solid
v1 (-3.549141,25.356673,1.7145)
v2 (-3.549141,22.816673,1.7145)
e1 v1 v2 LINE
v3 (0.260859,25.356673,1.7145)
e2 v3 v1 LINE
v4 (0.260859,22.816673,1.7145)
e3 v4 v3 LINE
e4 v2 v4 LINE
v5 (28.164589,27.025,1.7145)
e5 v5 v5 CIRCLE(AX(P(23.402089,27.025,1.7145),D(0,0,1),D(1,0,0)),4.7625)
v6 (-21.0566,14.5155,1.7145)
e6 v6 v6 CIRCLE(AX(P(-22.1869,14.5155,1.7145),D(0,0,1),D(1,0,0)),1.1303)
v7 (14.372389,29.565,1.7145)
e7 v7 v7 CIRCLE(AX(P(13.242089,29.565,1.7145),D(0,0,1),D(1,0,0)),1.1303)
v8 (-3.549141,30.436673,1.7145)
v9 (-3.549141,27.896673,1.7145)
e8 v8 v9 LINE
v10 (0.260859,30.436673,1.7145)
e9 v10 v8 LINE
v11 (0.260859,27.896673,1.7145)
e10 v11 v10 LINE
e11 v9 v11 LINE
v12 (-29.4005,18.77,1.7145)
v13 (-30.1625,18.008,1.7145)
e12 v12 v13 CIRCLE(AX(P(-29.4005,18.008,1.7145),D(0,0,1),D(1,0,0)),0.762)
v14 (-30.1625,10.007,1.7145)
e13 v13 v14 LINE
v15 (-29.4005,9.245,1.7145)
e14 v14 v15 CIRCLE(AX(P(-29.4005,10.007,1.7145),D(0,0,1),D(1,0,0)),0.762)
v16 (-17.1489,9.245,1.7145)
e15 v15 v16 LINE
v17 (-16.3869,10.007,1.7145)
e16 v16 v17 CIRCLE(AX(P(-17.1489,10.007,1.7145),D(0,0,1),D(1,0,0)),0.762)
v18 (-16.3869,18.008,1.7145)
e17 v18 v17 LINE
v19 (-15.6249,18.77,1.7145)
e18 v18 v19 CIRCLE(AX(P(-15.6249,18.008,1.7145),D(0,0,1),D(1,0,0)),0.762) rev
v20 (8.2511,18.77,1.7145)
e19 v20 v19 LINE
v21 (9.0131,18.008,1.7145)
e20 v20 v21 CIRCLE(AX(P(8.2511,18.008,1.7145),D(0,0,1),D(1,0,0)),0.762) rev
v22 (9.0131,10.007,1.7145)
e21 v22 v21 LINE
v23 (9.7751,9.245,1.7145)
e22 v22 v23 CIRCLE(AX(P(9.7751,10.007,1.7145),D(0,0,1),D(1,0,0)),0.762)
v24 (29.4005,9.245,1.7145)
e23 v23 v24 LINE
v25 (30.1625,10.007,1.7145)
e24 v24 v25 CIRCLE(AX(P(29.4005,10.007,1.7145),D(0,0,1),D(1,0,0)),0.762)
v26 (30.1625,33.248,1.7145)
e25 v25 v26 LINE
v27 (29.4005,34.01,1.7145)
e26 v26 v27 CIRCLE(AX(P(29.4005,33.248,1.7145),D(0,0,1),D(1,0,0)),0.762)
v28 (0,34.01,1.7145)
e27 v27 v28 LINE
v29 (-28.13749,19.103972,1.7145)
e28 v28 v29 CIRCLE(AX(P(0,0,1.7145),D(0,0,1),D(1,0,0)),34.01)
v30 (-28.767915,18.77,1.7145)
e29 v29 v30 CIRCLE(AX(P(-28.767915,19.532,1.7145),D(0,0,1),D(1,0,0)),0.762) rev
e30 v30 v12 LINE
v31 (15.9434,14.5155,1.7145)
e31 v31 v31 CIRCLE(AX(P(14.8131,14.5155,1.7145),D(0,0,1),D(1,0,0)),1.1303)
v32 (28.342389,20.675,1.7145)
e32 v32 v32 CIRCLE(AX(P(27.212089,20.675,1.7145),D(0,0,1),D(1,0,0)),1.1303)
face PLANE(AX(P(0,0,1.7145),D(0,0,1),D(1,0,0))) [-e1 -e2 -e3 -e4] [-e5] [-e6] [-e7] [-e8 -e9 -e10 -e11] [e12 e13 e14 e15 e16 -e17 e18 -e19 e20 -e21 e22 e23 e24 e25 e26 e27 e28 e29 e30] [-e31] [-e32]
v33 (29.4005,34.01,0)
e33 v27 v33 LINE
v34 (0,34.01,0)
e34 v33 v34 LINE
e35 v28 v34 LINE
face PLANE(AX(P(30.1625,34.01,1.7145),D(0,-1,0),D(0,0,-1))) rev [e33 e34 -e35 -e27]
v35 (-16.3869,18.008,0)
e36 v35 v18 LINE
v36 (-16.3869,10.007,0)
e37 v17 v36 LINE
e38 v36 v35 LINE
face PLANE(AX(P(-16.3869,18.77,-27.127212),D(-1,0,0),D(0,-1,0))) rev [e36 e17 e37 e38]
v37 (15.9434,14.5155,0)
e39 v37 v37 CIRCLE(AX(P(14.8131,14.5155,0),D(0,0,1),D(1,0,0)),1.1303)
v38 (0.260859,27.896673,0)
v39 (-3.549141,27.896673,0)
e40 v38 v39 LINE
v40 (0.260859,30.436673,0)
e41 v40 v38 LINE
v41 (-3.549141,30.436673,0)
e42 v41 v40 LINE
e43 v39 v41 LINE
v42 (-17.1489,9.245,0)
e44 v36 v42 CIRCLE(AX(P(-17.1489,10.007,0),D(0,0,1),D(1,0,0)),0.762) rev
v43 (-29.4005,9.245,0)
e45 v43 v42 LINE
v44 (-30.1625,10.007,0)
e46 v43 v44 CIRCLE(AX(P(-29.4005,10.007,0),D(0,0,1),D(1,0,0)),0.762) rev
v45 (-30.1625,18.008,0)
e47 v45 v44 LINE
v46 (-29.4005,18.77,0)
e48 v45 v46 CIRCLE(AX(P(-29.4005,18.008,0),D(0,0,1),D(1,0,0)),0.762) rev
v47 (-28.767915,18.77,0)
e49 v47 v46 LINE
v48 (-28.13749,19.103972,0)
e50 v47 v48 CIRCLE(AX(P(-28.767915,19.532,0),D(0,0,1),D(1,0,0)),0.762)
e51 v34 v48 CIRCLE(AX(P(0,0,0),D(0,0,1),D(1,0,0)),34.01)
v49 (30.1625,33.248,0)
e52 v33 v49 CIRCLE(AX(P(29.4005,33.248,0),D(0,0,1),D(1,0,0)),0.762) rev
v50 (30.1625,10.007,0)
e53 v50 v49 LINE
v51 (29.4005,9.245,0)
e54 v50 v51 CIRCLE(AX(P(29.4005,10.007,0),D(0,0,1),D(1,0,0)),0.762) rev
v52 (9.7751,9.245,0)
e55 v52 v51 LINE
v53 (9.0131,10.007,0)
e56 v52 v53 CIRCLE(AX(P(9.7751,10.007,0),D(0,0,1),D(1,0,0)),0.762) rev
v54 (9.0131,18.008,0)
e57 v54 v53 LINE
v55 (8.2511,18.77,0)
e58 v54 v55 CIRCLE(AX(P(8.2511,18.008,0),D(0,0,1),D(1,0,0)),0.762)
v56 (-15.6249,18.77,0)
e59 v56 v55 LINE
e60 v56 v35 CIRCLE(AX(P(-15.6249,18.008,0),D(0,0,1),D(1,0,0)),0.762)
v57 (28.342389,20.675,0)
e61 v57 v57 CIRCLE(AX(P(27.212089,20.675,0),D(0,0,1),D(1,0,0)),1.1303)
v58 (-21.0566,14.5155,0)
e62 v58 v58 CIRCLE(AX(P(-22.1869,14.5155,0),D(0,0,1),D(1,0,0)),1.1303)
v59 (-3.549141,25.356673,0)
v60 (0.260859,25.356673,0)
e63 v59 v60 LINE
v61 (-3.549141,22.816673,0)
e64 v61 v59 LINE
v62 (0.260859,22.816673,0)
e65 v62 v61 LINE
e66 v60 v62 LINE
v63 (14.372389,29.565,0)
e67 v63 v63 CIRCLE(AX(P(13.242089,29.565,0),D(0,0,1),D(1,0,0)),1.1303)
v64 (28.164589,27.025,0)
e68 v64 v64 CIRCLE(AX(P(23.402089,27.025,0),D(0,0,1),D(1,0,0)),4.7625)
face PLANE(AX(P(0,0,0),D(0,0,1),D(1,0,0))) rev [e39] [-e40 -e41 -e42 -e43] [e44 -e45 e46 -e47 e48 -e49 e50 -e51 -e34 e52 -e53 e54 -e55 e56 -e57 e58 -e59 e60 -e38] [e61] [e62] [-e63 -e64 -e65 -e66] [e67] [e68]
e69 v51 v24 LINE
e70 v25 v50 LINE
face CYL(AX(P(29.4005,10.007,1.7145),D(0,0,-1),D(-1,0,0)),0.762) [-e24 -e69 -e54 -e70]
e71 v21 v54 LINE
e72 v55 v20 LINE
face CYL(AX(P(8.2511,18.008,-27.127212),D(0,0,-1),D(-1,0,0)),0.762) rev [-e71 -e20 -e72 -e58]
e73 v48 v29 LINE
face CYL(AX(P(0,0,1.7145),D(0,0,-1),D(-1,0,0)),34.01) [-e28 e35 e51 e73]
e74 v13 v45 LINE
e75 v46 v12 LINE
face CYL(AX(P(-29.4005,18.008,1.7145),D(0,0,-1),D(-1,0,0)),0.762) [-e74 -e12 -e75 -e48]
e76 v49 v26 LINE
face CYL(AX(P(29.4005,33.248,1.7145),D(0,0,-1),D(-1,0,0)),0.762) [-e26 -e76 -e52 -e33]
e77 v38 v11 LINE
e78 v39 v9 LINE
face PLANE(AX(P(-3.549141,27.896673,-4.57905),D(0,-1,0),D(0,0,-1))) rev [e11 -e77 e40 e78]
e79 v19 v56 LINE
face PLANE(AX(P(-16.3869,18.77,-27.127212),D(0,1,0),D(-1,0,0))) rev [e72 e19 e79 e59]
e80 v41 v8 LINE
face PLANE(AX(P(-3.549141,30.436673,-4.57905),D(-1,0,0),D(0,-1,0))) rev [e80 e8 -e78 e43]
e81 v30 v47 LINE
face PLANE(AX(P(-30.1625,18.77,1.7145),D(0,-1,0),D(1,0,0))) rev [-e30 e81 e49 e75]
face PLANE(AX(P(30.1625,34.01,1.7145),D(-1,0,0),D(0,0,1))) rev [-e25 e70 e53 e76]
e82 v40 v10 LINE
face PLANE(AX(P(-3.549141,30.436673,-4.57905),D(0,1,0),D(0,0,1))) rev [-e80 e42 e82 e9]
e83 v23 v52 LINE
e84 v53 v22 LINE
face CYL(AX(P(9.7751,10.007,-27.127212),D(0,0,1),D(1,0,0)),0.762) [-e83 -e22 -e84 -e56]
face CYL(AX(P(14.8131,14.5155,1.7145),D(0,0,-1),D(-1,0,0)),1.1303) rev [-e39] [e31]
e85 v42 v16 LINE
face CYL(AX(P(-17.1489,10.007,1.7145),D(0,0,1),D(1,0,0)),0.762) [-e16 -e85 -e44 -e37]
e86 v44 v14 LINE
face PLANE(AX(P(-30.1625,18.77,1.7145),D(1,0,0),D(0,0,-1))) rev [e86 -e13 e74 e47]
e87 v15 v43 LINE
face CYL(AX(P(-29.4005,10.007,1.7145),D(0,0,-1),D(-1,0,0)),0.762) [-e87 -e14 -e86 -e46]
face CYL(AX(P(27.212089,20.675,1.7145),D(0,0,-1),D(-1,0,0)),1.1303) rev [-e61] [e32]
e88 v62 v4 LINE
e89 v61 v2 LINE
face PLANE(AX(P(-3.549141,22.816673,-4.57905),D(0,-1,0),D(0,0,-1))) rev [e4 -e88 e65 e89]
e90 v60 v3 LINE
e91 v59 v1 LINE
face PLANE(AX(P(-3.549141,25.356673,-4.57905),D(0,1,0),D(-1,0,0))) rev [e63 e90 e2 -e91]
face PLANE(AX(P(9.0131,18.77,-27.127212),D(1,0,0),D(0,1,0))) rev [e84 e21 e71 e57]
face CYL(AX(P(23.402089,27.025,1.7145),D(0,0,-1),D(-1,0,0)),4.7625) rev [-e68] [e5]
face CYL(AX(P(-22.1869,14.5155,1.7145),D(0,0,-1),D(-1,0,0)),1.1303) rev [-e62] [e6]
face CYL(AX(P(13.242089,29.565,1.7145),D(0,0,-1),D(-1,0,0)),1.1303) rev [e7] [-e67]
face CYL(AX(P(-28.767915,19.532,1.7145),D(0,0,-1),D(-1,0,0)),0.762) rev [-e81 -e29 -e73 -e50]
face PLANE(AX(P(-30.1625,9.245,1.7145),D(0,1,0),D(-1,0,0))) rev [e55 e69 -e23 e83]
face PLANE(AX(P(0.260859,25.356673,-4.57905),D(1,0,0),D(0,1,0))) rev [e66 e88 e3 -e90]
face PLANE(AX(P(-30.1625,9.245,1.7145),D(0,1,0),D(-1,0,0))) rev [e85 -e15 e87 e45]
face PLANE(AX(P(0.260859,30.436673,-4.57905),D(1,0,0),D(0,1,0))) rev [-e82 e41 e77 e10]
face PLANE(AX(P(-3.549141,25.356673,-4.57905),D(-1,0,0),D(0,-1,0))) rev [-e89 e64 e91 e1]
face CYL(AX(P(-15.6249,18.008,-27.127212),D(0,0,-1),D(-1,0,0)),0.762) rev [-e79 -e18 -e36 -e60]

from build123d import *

# Parameters (mm, degrees)
SKETCH1_R           = 4.7625
SKETCH1_R_2         = 1.1303
BOSS_EXTRUDE1_DEPTH = 1.7145
SKETCH2_W           = 3.81
SKETCH2_H           = 2.54
CUT_EXTRUDE1_DEPTH  = 1.7145
SKETCH3_W           = 25.4
SKETCH3_H           = 9.525
CUT_EXTRUDE2_DEPTH  = 1.7145
FILLET1_R           = 0.762
FILLET2_R           = 0.762


with BuildPart() as part:
    # Sketch1 → Boss-Extrude1 (new body)
    with BuildSketch(Plane.XY):
        with BuildLine():
            Line((-30.1625, 9.245), (30.1625, 9.245))
            Line((30.1625, 9.245), (30.1625, 34.01))
            Line((30.1625, 34.01), (0, 34.01))
            ThreePointArc((0, 34.01), (-16.098329106, 29.958703243), (-28.361368091, 18.77))
            Line((-28.361368091, 18.77), (-30.1625, 18.77))
            Line((-30.1625, 18.77), (-30.1625, 9.245))
        make_face()
        with Locations((23.402088835, 27.025)):
            Circle(SKETCH1_R, mode=Mode.SUBTRACT)
        with Locations((-22.1869, 14.5155)):
            Circle(SKETCH1_R_2, mode=Mode.SUBTRACT)
        with Locations((14.813099914, 14.5155)):
            Circle(SKETCH1_R_2, mode=Mode.SUBTRACT)
        with Locations((27.212088835, 20.675)):
            Circle(SKETCH1_R_2, mode=Mode.SUBTRACT)
        with Locations((13.242088835, 29.565)):
            Circle(SKETCH1_R_2, mode=Mode.SUBTRACT)
    extrude(amount=BOSS_EXTRUDE1_DEPTH)

    # Sketch2 → Cut-Extrude1 (cut)
    with BuildSketch(Plane.XY.offset(1.7145)):
        with Locations((-1.644140797, 29.166672544)):
            Rectangle(SKETCH2_W, SKETCH2_H)
        with Locations((-1.644140797, 24.086672544)):
            Rectangle(SKETCH2_W, SKETCH2_H)
    extrude(amount=-CUT_EXTRUDE1_DEPTH, mode=Mode.SUBTRACT)

    # Sketch3 → Cut-Extrude2 (cut)
    with BuildSketch(Plane.XY.offset(1.7145)):
        with Locations((-3.686900043, 14.0075)):
            Rectangle(SKETCH3_W, SKETCH3_H)
    extrude(amount=-CUT_EXTRUDE2_DEPTH, mode=Mode.SUBTRACT)

    # Fillet1
    fillet1_edges = [part.edges().sort_by_distance(p)[0] for p in [
        (-28.361368091, 18.77, 0.85725),
        (30.1625, 34.01, 0.85725),
        (30.1625, 9.245, 0.85725),
        (-30.1625, 9.245, 0.85725),
        (-30.1625, 18.77, 0.85725),
        (-16.386900043, 9.245, 0.85725),
        (9.013099957, 9.245, 0.85725),
    ]]
    fillet(fillet1_edges, radius=FILLET1_R)

    # Fillet2
    fillet2_edges = [part.edges().sort_by_distance(p)[0] for p in [
        (-16.386900043, 18.77, 0.85725),
        (9.013099957, 18.77, 0.85725),
    ]]
    fillet(fillet2_edges, radius=FILLET2_R)


solid = part.part
